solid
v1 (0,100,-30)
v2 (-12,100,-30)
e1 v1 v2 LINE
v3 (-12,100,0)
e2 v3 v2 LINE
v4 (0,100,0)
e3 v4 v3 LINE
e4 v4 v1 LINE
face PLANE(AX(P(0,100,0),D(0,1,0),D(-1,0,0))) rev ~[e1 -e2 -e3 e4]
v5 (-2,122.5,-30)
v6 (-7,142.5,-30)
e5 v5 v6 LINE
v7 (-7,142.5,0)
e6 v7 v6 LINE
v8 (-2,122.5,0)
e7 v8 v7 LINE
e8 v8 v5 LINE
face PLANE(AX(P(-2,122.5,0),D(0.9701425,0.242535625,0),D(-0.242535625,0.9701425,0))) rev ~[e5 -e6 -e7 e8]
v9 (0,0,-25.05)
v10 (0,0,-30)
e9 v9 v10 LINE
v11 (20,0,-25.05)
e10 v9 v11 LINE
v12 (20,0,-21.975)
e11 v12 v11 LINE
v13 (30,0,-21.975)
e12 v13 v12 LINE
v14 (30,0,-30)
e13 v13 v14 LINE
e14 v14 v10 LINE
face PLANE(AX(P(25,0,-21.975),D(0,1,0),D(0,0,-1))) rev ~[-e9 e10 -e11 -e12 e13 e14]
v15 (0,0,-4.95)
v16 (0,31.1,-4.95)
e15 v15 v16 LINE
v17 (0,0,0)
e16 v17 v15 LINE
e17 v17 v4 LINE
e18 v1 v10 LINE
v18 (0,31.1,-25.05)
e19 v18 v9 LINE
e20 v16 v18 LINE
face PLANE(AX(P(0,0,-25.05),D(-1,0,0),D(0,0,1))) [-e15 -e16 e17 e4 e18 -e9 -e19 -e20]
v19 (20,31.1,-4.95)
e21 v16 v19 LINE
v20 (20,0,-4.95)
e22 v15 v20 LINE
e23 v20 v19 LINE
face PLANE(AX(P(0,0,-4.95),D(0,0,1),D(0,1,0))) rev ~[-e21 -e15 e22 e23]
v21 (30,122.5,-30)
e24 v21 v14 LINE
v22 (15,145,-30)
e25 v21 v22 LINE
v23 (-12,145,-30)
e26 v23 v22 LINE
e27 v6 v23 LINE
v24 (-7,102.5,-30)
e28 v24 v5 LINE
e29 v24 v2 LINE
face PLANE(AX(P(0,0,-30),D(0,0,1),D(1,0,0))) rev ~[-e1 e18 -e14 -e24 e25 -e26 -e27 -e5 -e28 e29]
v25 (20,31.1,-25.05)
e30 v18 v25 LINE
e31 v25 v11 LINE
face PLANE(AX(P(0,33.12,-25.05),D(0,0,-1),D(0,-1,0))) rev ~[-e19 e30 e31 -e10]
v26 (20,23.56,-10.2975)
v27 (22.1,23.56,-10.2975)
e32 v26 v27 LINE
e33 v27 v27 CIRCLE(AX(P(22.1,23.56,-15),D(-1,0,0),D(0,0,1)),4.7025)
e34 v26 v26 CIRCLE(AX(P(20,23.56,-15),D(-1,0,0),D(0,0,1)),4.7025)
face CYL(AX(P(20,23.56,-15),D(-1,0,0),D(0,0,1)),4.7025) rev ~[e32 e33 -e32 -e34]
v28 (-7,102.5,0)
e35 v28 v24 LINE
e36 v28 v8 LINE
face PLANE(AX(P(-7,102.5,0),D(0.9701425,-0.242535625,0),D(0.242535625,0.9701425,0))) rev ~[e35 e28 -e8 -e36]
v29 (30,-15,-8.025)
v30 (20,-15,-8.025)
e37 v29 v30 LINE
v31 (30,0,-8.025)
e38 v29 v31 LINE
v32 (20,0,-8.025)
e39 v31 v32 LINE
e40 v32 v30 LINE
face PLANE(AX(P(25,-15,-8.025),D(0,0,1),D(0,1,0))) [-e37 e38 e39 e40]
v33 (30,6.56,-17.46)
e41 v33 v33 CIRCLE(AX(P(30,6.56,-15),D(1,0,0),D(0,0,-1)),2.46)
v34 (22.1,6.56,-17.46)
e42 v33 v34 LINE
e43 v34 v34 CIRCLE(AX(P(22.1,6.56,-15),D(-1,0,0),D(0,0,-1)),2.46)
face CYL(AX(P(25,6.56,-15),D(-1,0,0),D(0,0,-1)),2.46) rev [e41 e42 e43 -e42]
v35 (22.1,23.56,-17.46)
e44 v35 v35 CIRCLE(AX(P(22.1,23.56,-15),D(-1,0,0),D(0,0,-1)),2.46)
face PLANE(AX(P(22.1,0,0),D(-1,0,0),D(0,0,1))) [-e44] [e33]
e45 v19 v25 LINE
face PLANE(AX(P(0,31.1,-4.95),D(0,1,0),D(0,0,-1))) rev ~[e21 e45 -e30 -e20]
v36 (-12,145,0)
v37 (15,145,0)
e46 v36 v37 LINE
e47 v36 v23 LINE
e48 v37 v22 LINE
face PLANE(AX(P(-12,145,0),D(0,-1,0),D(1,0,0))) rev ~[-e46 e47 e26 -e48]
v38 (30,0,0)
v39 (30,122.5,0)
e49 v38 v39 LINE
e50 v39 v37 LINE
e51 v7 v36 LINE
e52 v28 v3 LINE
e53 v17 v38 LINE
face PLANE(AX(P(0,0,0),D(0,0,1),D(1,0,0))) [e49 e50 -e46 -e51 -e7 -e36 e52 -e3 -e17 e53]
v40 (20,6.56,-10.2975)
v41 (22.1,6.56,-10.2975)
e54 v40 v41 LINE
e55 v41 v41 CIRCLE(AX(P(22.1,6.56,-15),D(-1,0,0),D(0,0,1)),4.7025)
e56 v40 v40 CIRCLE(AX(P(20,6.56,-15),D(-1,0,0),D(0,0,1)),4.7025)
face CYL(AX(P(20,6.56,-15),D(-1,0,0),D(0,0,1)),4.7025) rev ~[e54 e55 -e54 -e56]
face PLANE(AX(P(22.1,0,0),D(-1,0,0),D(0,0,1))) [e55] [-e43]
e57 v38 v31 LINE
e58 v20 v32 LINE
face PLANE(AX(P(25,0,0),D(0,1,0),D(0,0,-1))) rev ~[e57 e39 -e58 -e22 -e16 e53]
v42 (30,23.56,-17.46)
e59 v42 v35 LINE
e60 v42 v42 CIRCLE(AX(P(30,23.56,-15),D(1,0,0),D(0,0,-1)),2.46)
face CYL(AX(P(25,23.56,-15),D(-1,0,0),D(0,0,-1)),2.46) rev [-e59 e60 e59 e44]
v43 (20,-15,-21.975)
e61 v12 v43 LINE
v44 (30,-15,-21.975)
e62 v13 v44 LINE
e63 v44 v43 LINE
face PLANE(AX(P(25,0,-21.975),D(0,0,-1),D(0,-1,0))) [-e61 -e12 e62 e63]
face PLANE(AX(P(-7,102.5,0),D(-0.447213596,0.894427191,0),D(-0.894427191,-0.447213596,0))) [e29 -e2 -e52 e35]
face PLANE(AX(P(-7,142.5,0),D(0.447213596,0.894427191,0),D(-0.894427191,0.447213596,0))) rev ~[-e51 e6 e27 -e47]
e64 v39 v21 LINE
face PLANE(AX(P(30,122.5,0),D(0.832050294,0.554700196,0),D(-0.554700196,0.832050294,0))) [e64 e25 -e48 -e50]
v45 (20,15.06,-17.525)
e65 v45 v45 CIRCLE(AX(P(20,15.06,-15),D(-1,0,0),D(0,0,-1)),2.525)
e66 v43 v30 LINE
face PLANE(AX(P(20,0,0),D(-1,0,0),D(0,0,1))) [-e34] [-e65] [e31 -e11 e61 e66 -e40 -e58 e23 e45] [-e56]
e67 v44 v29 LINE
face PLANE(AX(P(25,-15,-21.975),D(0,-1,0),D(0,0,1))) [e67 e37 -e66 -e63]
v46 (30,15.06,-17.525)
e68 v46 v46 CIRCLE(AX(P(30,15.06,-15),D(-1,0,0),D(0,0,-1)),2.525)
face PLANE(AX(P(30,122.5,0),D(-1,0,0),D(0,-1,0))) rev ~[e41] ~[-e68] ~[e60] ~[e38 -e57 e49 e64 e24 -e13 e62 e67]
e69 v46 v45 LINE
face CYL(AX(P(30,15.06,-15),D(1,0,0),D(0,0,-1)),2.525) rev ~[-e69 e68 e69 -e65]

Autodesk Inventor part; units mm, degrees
ref_plane "YZ Plane" through (0, 0, 0) normal (1, 0, 0) x (0, 1, 0)
ref_plane "XZ Plane" through (0, 0, 0) normal (0, 1, 0) x (-1, 0, 0)
ref_plane "XY Plane" through (0, 0, 0) normal (0, 0, 1) x (1, 0, 0)
sketch "Sketch1" plane through (0, 0, 0) normal (0, 0, 1) x (1, 0, 0)
  line L0 (0, 0) -> (25, 0)
  line L1 (25, 0) -> (25, 40)
  line L2 (25, 40) -> (0, 40)
  line L3 (0, 40) -> (0, 0)
  dimension "d1" = 25
  dimension "d2" = 40
  dimension "d3" = 25
extrude "Extrusion1" add sketch "Sketch1" against normal blind 30
sketch "Sketch2" plane through (25, 0, 0) normal (1, 0, 0) x (0, 0, -1)
  line L0 (0, 0) -> (30, 0) projected
  circle A0 centre (15, 6.56) radius 2.46
extrude "Extrusion2" cut sketch "Sketch2" against normal blind 30
sketch "Sketch3" plane through (0, 0, 0) normal (-1, 0, 0) x (0, 0, 1)
  line L0 (0, 0) -> (-30, 0) projected
  line L1 (-25.05, 0) -> (-4.95, 0)
  line L2 (-4.95, 0) -> (-4.95, 33.12)
  line L3 (-4.95, 33.12) -> (-25.05, 33.12)
  line L4 (-25.05, 33.12) -> (-25.05, 0)
  dimension "d11" = 20.1
extrude "Extrusion3" cut sketch "Sketch3" against normal blind 20
sketch "Sketch4" plane through (0, 0, 0) normal (0, -1, 0) x (1, 0, 0)
  line L0 (20, -4.95) -> (20, -25.05) projected
  line L1 (20, -15) -> (25, -15)
  line L2 (25, 0) -> (25, -30) projected
  line L3 (20, -8.025) -> (25, -8.025)
  line L4 (25, -8.025) -> (25, -21.975)
  line L5 (25, -21.975) -> (20, -21.975)
  line L6 (20, -21.975) -> (20, -8.025)
  line L7 (20, -8.025) -> (25, -21.975) construction
  line L8 (25, -8.025) -> (20, -21.975) construction
  line L9 (25, -12.54) -> (25, -17.46) projected
  point P0 (0, 0)
  point P1 (22.5, -15)
  dimension "d14" = 13.95
extrude "Extrusion4" add sketch "Sketch4" along normal blind 15
sketch "Sketch5" plane through (20, 0, 0) normal (-1, 0, 0) x (0, 0, 1)
  circle A0 centre (-15, 6.56) radius 2.46 projected
  circle A1 centre (-15, 6.56) radius 4.7025
  circle A2 centre (-15, 6.56) radius 2.46 projected
  circle A3 centre (-15, 6.56) radius 2.46
  point P0 (0, 0)
  dimension "d17" = 9.405
extrude "Extrusion5" cut sketch "Sketch5" against normal blind 2.1
sketch "Sketch6" plane through (25, 0, 0) normal (1, 0, 0) x (0, 0, -1)
  circle A0 centre (15, 6.56) radius 4.7025 projected
  line L0 (15, 6.56) -> (15, 23.56)
  circle A1 centre (15, 23.56) radius 2.46
  point P0 (0, 0)
  dimension "d20" = 17
  dimension "d21" = 4.92
extrude "Extrusion6" cut sketch "Sketch6" against normal blind 10 contours A1
sketch "Sketch7" plane through (20, 0, 0) normal (-1, 0, 0) x (0, 0, 1)
  circle A0 centre (-15, 23.56) radius 2.46 projected
  circle A1 centre (-15, 23.56) radius 4.7025
  point P0 (0, 0)
  dimension "d24" = 9.405
extrude "Extrusion7" cut sketch "Sketch7" against normal blind 2.1
sketch "Sketch9" plane through (25, 0, 0) normal (1, 0, 0) x (0, 0, -1)
  circle A0 centre (15, 6.56) radius 2.46 projected
  circle A1 centre (15, 6.56) radius 2.46
  circle A2 centre (15, 23.56) radius 2.46 projected
  circle A3 centre (15, 23.56) radius 2.46
  line L0 (30, 40) -> (30, 0) projected
  line L1 (30, 0) -> (30, 40)
  line L2 (30, 40) -> (0, 40)
  line L3 (0, 40) -> (0, 0)
  line L4 (0, 0) -> (8.025, 0) projected
  line L5 (21.975, 0) -> (21.975, -15)
  line L6 (21.975, -15) -> (8.025, -15)
  line L7 (8.025, -15) -> (8.025, 0)
  line L8 (0, 0) -> (8.025, 0)
  line L9 (21.975, 0) -> (30, 0)
extrude "Extrusion8" add sketch "Sketch9" along normal blind 5
sketch "Sketch10" plane through (0, 40, 0) normal (0, 1, 0) x (1, 0, 0)
  line L0 (0, 30) -> (30, 30) projected
  line L1 (30, 0) -> (0, 0) projected
  line L2 (0, 30) -> (30, 30)
  line L3 (30, 30) -> (30, 0)
  line L4 (30, 0) -> (0, 0)
  line L5 (0, 0) -> (0, 30)
extrude "Extrusion9" add sketch "Sketch10" along normal blind 30
sketch "Sketch12" plane through (30, 0, 0) normal (1, 0, 0) x (0, 0, -1)
  circle A0 centre (15, 6.56) radius 2.46 projected
  line L0 (15, 6.56) -> (15, 15.06)
  circle A1 centre (15, 15.06) radius 2.525
  point P0 (0, 0)
  dimension "d31" = 8.5
  dimension "d33" = 5.05
extrude "Extrusion10" cut sketch "Sketch12" against normal blind 30 contours A1
sketch "Sketch14" plane through (0, 0, 0) normal (0, 0, 1) x (1, 0, 0)
  line L0 (30, 70) -> (0, 70) projected
  line L1 (0, 70) -> (0, 100)
  line L2 (30, 0) -> (30, 70) projected
  line L3 (30, 122.5) -> (30, 70)
  line L4 (30, 105) -> (30, 100)
  line L5 (-12, 145) -> (15, 145)
  line L6 (-7, 142.5) -> (-12, 145)
  line L7 (-7, 102.5) -> (-12, 100)
  line L8 (-7, 102.5) -> (-2, 122.5)
  line L9 (-2, 122.5) -> (-7, 142.5)
  line L10 (30, 122.5) -> (15, 145)
  line L11 (0, 100) -> (-12, 100)
  point P0 (0, 0)
  dimension "d86" = 12
extrude "Extrusion12" add sketch "Sketch14" against normal blind 30
sketch "Sketch15" plane through (0, 0, -25.05) normal (-1, 0, 0) x (0, 0, 1)
  line L0 (0, 33.12) -> (20.1, 33.12) projected
  line L1 (20.1, 33.12) -> (20.1, 0) projected
  line L2 (0, 33.12) -> (20.1, 33.12)
  line L3 (20.1, 33.12) -> (20.1, 31.1)
  line L4 (20.1, 31.1) -> (0, 31.1)
  line L5 (0, 31.1) -> (0, 33.12)
  point P0 (25.05, 0)
  dimension "d57" = 2.02
extrude "Extrusion13" add sketch "Sketch15" against normal blind 20
properties part number "rec_a_40mm_x_30mm"
